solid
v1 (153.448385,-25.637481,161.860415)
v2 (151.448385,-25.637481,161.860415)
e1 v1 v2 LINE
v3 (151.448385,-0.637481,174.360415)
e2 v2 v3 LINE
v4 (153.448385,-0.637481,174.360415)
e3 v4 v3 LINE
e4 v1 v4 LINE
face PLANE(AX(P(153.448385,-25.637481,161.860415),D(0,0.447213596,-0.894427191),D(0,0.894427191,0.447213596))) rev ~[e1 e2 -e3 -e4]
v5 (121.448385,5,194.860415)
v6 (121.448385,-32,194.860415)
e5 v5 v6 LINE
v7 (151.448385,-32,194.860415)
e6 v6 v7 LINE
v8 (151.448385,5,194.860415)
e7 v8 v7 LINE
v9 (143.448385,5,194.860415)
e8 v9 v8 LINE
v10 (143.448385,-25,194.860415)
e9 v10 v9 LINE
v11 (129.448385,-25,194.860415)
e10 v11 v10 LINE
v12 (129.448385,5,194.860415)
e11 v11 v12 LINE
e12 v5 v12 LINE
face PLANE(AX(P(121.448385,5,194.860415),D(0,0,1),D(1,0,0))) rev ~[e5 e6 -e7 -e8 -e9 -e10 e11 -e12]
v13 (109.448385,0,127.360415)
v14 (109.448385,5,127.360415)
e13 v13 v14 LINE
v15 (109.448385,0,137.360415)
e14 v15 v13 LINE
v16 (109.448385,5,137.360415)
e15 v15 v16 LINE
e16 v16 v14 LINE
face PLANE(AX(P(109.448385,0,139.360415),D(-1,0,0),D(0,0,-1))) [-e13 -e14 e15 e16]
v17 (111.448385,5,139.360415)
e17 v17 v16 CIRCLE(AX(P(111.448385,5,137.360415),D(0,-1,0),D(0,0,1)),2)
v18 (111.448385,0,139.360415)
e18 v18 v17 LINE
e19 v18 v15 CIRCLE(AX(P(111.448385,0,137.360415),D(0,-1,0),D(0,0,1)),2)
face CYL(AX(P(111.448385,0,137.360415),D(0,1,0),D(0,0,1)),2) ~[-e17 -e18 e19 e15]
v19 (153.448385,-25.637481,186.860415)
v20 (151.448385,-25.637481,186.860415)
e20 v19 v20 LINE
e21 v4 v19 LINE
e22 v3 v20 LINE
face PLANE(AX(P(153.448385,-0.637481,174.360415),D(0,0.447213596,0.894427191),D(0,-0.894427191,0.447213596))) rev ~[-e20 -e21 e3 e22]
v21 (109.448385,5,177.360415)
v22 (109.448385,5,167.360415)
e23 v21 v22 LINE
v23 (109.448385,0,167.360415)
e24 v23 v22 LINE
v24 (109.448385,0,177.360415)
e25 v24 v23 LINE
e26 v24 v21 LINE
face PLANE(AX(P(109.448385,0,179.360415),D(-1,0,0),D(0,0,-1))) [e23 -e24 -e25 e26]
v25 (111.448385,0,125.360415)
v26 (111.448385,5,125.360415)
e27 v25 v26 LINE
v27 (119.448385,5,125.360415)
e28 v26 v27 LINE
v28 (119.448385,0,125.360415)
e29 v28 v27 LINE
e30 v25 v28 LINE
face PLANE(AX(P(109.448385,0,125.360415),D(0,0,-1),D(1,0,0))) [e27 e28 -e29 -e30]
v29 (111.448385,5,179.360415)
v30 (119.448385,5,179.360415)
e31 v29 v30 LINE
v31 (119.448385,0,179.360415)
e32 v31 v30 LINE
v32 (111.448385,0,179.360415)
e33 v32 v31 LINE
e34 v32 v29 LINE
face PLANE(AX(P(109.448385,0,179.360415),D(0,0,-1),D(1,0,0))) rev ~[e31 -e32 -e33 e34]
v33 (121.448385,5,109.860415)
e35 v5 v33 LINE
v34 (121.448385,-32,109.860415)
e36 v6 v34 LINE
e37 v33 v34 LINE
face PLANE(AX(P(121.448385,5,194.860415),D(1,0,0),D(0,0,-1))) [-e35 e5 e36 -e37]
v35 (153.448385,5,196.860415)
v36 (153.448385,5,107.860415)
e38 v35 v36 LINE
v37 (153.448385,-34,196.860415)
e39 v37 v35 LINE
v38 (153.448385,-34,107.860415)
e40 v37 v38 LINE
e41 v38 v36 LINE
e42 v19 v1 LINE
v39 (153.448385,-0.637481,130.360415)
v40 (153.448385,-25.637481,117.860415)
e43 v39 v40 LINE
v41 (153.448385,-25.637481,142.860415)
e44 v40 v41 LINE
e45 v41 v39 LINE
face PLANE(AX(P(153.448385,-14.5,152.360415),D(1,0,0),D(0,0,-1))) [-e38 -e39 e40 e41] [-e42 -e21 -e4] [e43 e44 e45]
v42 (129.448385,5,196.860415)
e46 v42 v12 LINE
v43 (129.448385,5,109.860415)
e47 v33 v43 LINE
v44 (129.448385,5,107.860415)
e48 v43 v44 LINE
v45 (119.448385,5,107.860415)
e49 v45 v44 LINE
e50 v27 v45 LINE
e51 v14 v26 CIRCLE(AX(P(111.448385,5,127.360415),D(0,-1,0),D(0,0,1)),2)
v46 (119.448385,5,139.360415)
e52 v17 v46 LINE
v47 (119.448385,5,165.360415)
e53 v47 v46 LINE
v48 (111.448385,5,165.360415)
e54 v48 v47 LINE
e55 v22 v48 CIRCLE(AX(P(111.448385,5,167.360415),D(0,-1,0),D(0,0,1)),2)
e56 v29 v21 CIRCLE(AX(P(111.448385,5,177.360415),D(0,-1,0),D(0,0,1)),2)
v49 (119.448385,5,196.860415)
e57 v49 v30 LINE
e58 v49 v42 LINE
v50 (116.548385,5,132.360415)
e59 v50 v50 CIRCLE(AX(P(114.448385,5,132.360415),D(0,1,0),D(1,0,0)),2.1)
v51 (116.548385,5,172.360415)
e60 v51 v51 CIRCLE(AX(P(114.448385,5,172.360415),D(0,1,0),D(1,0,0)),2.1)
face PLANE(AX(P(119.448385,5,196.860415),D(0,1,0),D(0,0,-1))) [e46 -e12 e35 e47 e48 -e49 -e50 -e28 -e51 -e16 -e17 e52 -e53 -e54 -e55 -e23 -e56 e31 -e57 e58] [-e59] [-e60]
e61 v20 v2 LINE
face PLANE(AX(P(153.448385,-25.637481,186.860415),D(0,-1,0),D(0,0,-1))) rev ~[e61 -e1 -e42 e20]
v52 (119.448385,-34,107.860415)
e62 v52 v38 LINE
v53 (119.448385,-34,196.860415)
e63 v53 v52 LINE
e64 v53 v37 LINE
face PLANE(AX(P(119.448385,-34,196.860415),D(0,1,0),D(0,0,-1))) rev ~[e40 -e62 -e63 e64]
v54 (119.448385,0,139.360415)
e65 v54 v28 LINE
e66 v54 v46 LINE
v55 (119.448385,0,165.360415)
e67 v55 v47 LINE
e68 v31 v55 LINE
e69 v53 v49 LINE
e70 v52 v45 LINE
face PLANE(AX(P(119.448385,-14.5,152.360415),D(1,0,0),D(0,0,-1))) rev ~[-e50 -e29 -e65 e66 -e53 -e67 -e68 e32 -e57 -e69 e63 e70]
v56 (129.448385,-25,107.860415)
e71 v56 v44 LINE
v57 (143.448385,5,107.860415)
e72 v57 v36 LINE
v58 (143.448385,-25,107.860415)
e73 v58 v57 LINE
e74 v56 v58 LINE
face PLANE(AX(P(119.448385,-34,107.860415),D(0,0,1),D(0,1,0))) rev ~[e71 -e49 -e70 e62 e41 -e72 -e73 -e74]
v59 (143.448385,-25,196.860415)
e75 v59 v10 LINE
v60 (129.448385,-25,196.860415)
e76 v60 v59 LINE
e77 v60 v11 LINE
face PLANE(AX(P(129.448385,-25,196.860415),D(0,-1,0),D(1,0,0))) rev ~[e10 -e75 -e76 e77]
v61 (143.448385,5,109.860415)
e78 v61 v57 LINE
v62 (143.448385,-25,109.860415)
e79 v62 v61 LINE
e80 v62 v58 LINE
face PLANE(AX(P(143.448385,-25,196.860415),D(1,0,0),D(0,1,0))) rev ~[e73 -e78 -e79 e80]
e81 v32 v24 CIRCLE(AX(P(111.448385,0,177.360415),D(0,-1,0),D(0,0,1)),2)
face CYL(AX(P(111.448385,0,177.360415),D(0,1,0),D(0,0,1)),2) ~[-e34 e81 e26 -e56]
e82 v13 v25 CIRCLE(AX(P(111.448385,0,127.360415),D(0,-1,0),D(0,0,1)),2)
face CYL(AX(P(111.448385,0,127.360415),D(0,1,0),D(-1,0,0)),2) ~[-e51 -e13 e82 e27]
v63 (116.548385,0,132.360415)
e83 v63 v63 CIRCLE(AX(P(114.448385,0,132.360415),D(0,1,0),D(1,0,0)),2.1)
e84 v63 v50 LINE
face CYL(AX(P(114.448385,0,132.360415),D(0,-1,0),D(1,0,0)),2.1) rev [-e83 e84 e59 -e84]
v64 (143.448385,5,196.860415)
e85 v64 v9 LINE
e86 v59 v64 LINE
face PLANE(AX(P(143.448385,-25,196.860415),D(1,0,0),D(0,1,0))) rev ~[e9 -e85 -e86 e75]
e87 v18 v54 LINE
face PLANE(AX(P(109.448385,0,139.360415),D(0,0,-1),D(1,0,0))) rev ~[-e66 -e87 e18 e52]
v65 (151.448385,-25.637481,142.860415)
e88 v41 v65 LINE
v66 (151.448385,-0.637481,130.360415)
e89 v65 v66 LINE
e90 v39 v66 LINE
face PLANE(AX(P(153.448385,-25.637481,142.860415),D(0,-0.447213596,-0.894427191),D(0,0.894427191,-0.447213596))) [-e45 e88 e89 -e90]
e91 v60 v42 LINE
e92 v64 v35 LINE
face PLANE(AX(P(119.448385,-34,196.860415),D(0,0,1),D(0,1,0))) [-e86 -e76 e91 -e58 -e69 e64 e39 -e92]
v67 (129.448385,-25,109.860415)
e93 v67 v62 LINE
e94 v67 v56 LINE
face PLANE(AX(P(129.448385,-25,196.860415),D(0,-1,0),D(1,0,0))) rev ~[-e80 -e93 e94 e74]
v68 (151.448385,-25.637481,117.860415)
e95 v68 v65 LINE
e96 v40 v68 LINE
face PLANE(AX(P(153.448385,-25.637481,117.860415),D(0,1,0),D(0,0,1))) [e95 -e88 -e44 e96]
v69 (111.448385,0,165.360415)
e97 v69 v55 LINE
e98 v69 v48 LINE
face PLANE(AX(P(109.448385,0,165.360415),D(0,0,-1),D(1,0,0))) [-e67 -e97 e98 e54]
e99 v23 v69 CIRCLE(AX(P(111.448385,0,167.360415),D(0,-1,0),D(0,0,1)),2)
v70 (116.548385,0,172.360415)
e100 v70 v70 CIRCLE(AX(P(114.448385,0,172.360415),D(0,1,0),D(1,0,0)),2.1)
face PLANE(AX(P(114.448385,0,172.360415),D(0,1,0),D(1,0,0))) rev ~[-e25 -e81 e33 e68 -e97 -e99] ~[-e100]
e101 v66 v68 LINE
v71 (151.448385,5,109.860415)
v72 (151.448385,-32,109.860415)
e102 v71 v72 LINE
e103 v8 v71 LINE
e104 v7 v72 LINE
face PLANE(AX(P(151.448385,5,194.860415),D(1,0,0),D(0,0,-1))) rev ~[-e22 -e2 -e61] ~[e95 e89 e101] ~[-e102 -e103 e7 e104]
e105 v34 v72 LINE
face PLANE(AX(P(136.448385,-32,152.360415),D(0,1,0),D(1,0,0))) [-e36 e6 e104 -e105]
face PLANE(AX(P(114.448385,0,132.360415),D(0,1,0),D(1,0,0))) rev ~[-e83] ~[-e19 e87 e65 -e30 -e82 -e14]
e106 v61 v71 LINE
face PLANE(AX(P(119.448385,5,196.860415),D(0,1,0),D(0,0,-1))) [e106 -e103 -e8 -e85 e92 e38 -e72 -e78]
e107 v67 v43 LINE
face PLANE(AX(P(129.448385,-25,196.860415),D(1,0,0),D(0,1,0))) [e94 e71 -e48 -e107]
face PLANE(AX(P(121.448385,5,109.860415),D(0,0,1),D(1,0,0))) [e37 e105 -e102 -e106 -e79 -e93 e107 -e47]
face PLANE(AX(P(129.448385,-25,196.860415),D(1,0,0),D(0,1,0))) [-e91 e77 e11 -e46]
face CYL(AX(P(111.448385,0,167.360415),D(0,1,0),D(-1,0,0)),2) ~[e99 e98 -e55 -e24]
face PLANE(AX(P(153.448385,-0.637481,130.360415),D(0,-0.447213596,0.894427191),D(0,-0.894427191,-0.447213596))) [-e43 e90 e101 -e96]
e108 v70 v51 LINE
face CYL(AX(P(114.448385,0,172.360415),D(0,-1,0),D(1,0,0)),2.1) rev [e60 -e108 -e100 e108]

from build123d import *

# Parameters (mm, degrees)
SKETCH2_W             = 10
SKETCH2_H             = 14
SKETCH2_R             = 2.1
BOSS_EXTRUDE1_DEPTH   = 5
BOSS_EXTRUDE1_2_DEPTH = 5
SKETCH3_W             = 44.5
SKETCH3_H             = 39
SKETCH3_W_2           = 14
SKETCH3_H_2           = 5
BOSS_EXTRUDE2_DEPTH   = 2
BOSS_EXTRUDE4_DEPTH   = 32
SKETCH5_W             = 2
SKETCH5_H             = 85
BOSS_EXTRUDE5_DEPTH   = 37
SKETCH6_W             = 14
SKETCH6_H             = 30
CUT_EXTRUDE1_DEPTH    = 200
SKETCH7_W             = 20
SKETCH7_H             = 20
CUT_EXTRUDE2_DEPTH    = 16
FILLET1_R             = 2
SKETCH8_W             = 119.619460544
SKETCH8_H             = 55.607641494
CUT_EXTRUDE3_DEPTH    = 32
SKETCH9_W             = 100
SKETCH9_H             = 35
BOSS_EXTRUDE6_DEPTH   = 2
SKETCH10_W            = 89
SKETCH10_H            = 4
CUT_EXTRUDE4_DEPTH    = 10
BOSS_EXTRUDE7_DEPTH   = 25
SKETCH12_W            = 2
SKETCH12_H            = 35
BOSS_EXTRUDE8_DEPTH   = 2
SKETCH13_W            = 104
SKETCH13_H            = 37
BOSS_EXTRUDE9_DEPTH   = 2
SKETCH14_W            = 13
SKETCH14_H            = 30
CUT_EXTRUDE5_DEPTH    = 104
SKETCH15_W            = 113.891819436
SKETCH15_H            = 51.603678666
CUT_EXTRUDE6_DEPTH    = 27
SKETCH16_W            = 114.232812907
SKETCH16_H            = 49.785046819
CUT_EXTRUDE7_DEPTH    = 2
SKETCH17_W            = 89
SKETCH17_H            = 39
BOSS_EXTRUDE10_DEPTH  = 34
SKETCH18_W            = 30
SKETCH18_H            = 85
CUT_EXTRUDE8_DEPTH    = 37
SKETCH19_W            = 7
SKETCH19_H            = 30
CUT_EXTRUDE9_DEPTH    = 93
CUT_EXTRUDE10_DEPTH   = 17


with BuildPart() as part:
    # Sketch2 → Boss-Extrude1 (new body)
    with BuildSketch(Plane(origin=(0, 0, 0), x_dir=(1, 0, 0), z_dir=(0, 1, 0))):
        with Locations((114.448385229, -132.360414745)):
            Rectangle(SKETCH2_W, SKETCH2_H)
        with Locations((114.448385229, -132.360414745)):
            Circle(SKETCH2_R, mode=Mode.SUBTRACT)
    extrude(amount=BOSS_EXTRUDE1_DEPTH)



with BuildPart() as body_2:
    # Sketch2 → Boss-Extrude1 2 (new body)
    with BuildSketch(Plane(origin=(0, 0, 0), x_dir=(1, 0, 0), z_dir=(0, 1, 0))):
        with Locations((114.448385229, -172.360414745)):
            Rectangle(SKETCH2_W, SKETCH2_H)
        with Locations((114.448385229, -172.360414745)):
            Circle(SKETCH2_R, mode=Mode.SUBTRACT)
    extrude(amount=BOSS_EXTRUDE1_2_DEPTH)


with BuildPart() as part_1:
    add(part.part)

    add(body_2.part)  # Boss-Extrude2 merges body 2
    # Sketch3 → Boss-Extrude2 (add)
    with BuildSketch(Plane(origin=(119.448385229, 0, 0), x_dir=(0, 0, -1), z_dir=(1, 0, 0))):
        Polygon((-152.360414745, -34), (-152.360414745, 5), (-165.360414745, 5), (-165.360414745, 0), (-179.360414745, 0), (-179.360414745, 5), (-196.860414745, 5), (-196.860414745, -34), align=None)
        with Locations((-130.110414745, -14.5)):
            Rectangle(SKETCH3_W, SKETCH3_H)
        with Locations((-172.360414745, 2.5)):
            Rectangle(SKETCH3_W_2, SKETCH3_H_2)
    extrude(amount=BOSS_EXTRUDE2_DEPTH)

    # Sketch4 → Boss-Extrude4 (add)
    with BuildSketch(Plane(origin=(121.448385229, 0, 0), x_dir=(0, 0, -1), z_dir=(1, 0, 0))):
        Polygon((-194.860414745, 5), (-196.860414745, 5), (-196.860414745, -34), (-107.860414745, -34), (-107.860414745, 5), (-109.860414745, 5), (-109.860414745, -32), (-194.860414745, -32), align=None)
    extrude(amount=BOSS_EXTRUDE4_DEPTH)

    # Sketch5 → Boss-Extrude5 (add)
    with BuildSketch(Plane(origin=(0, -32, 0), x_dir=(1, 0, 0), z_dir=(0, 1, 0))):
        with Locations((152.448385229, -152.360414745)):
            Rectangle(SKETCH5_W, SKETCH5_H)
    extrude(amount=BOSS_EXTRUDE5_DEPTH)

    # Sketch6 → Cut-Extrude1 (cut)
    with BuildSketch(Plane.XY.offset(196.860414745)):
        with Locations((136.448385229, -10)):
            Rectangle(SKETCH6_W, SKETCH6_H)
    extrude(amount=-CUT_EXTRUDE1_DEPTH, mode=Mode.SUBTRACT)

    # Sketch7 → Cut-Extrude2 (cut)
    with BuildSketch(Plane(origin=(153.448385229, 0, 0), x_dir=(0, 0, -1), z_dir=(1, 0, 0))):
        with Locations((-179.360414745, -14.5)):
            Rectangle(SKETCH7_W, SKETCH7_H)
        with Locations((-152.360414745, -14.5)):
            Rectangle(SKETCH7_W, SKETCH7_H)
        with Locations((-125.360414745, -14.5)):
            Rectangle(SKETCH7_W, SKETCH7_H)
    extrude(amount=-CUT_EXTRUDE2_DEPTH, mode=Mode.SUBTRACT)

    # Fillet1
    fillet1_edges = [part_1.edges().sort_by_distance(p)[0] for p in [
        (109.448385229, 2.5, 139.360414745),
        (109.448385229, 2.5, 125.360414745),
        (109.448385229, 2.5, 179.360414745),
        (109.448385229, 2.5, 165.360414745),
    ]]
    fillet(fillet1_edges, radius=FILLET1_R)

    # Sketch8 → Cut-Extrude3 (cut)
    with BuildSketch(Plane(origin=(153.448385229, 0, 0), x_dir=(0, 0, -1), z_dir=(1, 0, 0))):
        with Locations((-148.578534845, -15.335015755)):
            Rectangle(SKETCH8_W, SKETCH8_H)
    extrude(amount=-CUT_EXTRUDE3_DEPTH, mode=Mode.SUBTRACT)

    # Sketch9 → Boss-Extrude6 (add)
    with BuildSketch(Plane(origin=(121.448385229, 0, 0), x_dir=(0, 0, -1), z_dir=(1, 0, 0))):
        with Locations((-152.360414745, -12.5)):
            Rectangle(SKETCH9_W, SKETCH9_H)
    extrude(amount=-BOSS_EXTRUDE6_DEPTH)

    # Sketch10 → Cut-Extrude4 (cut)
    with BuildSketch(Plane(origin=(121.448385229, 0, 0), x_dir=(0, 0, -1), z_dir=(1, 0, 0))):
        with Locations((-152.360414745, -32)):
            Rectangle(SKETCH10_W, SKETCH10_H)
    extrude(amount=-CUT_EXTRUDE4_DEPTH, mode=Mode.SUBTRACT)



with BuildPart() as body_2_2:
    # Sketch11 → Boss-Extrude7 (new body)
    with BuildSketch(Plane(origin=(121.448385229, 0, 0), x_dir=(0, 0, -1), z_dir=(1, 0, 0))):
        Polygon((-202.360414745, -30), (-202.360414745, 5), (-204.360414745, 5), (-204.360414745, -32), (-100.360414745, -32), (-100.360414745, 5), (-102.360414745, 5), (-102.360414745, -30), align=None)
    extrude(amount=BOSS_EXTRUDE7_DEPTH)


with BuildPart() as part_2:
    add(part_1.part)

    add(body_2_2.part)  # Boss-Extrude8 merges body 2 2
    # Sketch12 → Boss-Extrude8 (add)
    with BuildSketch(Plane.ZY.offset(-121.448385229)):
        with Locations((101.360414745, -12.5)):
            Rectangle(SKETCH12_W, SKETCH12_H)
        Polygon((102.360414745, -30), (100.360414745, -30), (100.360414745, -32), (204.360414745, -32), (204.360414745, -30), (202.360414745, -30), align=None)
        with Locations((203.360414745, -12.5)):
            Rectangle(SKETCH12_W, SKETCH12_H)
    extrude(amount=BOSS_EXTRUDE8_DEPTH)

    # Sketch13 → Boss-Extrude9 (add)
    with BuildSketch(Plane(origin=(146.448385229, 0, 0), x_dir=(0, 0, -1), z_dir=(1, 0, 0))):
        with Locations((-152.360414745, -13.5)):
            Rectangle(SKETCH13_W, SKETCH13_H)
        Polygon((-195.798080738, -22), (-175.798080738, -22), (-185.798080738, -0.554930795), align=None, mode=Mode.SUBTRACT)
        Polygon((-128.922748753, -22), (-118.922748753, -0.554930795), (-108.922748753, -22), align=None, mode=Mode.SUBTRACT)
        Polygon((-162.360414745, -22), (-142.360414745, -22), (-152.360414745, -0.554930795), align=None, mode=Mode.SUBTRACT)
    extrude(amount=BOSS_EXTRUDE9_DEPTH)

    # Sketch14 → Cut-Extrude5 (cut)
    with BuildSketch(Plane(origin=(0, 0, 100.360414745), x_dir=(-1, 0, 0), z_dir=(0, 0, -1))):
        with Locations((-133.948385229, 5)):
            Rectangle(SKETCH14_W, SKETCH14_H)
    extrude(amount=-CUT_EXTRUDE5_DEPTH, mode=Mode.SUBTRACT)

    # Sketch15 → Cut-Extrude6 (cut)
    with BuildSketch(Plane(origin=(148.448385229, 0, 0), x_dir=(0, 0, -1), z_dir=(1, 0, 0))):
        with Locations((-152.246750255, -13.320211528)):
            Rectangle(SKETCH15_W, SKETCH15_H)
    extrude(amount=-CUT_EXTRUDE6_DEPTH, mode=Mode.SUBTRACT)

    # Sketch16 → Cut-Extrude7 (cut)
    with BuildSketch(Plane(origin=(121.448385229, 0, 0), x_dir=(0, 0, -1), z_dir=(1, 0, 0))):
        with Locations((-151.848924539, -14.329503265)):
            Rectangle(SKETCH16_W, SKETCH16_H)
    extrude(amount=-CUT_EXTRUDE7_DEPTH, mode=Mode.SUBTRACT)

    # Sketch17 → Boss-Extrude10 (add)
    with BuildSketch(Plane(origin=(119.448385229, 0, 0), x_dir=(0, 0, -1), z_dir=(1, 0, 0))):
        with Locations((-152.360414745, -14.5)):
            Rectangle(SKETCH17_W, SKETCH17_H)
    extrude(amount=BOSS_EXTRUDE10_DEPTH)

    # Sketch18 → Cut-Extrude8 (cut)
    with BuildSketch(Plane(origin=(0, 5, 0), x_dir=(1, 0, 0), z_dir=(0, 1, 0))):
        with Locations((136.448385229, -152.360414745)):
            Rectangle(SKETCH18_W, SKETCH18_H)
    extrude(amount=-CUT_EXTRUDE8_DEPTH, mode=Mode.SUBTRACT)

    # Sketch19 → Cut-Extrude9 (cut)
    with BuildSketch(Plane.XY.offset(196.860414745)):
        with Locations((132.948385229, -10)):
            Rectangle(SKETCH19_W, SKETCH19_H)
        with Locations((139.948385229, -10)):
            Rectangle(SKETCH19_W, SKETCH19_H)
    extrude(amount=-CUT_EXTRUDE9_DEPTH, mode=Mode.SUBTRACT)

    # Sketch20 → Cut-Extrude10 (cut)
    with BuildSketch(Plane(origin=(153.448385229, 0, 0), x_dir=(0, 0, -1), z_dir=(1, 0, 0))):
        Polygon((-186.860414745, -25.637480673), (-161.860414745, -25.637480673), (-174.360414745, -0.637480673), align=None)
        Polygon((-117.860414745, -25.637480673), (-142.860414745, -25.637480673), (-130.360414745, -0.637480673), align=None)
    extrude(amount=-CUT_EXTRUDE10_DEPTH, mode=Mode.SUBTRACT)


solid = part_2.part
